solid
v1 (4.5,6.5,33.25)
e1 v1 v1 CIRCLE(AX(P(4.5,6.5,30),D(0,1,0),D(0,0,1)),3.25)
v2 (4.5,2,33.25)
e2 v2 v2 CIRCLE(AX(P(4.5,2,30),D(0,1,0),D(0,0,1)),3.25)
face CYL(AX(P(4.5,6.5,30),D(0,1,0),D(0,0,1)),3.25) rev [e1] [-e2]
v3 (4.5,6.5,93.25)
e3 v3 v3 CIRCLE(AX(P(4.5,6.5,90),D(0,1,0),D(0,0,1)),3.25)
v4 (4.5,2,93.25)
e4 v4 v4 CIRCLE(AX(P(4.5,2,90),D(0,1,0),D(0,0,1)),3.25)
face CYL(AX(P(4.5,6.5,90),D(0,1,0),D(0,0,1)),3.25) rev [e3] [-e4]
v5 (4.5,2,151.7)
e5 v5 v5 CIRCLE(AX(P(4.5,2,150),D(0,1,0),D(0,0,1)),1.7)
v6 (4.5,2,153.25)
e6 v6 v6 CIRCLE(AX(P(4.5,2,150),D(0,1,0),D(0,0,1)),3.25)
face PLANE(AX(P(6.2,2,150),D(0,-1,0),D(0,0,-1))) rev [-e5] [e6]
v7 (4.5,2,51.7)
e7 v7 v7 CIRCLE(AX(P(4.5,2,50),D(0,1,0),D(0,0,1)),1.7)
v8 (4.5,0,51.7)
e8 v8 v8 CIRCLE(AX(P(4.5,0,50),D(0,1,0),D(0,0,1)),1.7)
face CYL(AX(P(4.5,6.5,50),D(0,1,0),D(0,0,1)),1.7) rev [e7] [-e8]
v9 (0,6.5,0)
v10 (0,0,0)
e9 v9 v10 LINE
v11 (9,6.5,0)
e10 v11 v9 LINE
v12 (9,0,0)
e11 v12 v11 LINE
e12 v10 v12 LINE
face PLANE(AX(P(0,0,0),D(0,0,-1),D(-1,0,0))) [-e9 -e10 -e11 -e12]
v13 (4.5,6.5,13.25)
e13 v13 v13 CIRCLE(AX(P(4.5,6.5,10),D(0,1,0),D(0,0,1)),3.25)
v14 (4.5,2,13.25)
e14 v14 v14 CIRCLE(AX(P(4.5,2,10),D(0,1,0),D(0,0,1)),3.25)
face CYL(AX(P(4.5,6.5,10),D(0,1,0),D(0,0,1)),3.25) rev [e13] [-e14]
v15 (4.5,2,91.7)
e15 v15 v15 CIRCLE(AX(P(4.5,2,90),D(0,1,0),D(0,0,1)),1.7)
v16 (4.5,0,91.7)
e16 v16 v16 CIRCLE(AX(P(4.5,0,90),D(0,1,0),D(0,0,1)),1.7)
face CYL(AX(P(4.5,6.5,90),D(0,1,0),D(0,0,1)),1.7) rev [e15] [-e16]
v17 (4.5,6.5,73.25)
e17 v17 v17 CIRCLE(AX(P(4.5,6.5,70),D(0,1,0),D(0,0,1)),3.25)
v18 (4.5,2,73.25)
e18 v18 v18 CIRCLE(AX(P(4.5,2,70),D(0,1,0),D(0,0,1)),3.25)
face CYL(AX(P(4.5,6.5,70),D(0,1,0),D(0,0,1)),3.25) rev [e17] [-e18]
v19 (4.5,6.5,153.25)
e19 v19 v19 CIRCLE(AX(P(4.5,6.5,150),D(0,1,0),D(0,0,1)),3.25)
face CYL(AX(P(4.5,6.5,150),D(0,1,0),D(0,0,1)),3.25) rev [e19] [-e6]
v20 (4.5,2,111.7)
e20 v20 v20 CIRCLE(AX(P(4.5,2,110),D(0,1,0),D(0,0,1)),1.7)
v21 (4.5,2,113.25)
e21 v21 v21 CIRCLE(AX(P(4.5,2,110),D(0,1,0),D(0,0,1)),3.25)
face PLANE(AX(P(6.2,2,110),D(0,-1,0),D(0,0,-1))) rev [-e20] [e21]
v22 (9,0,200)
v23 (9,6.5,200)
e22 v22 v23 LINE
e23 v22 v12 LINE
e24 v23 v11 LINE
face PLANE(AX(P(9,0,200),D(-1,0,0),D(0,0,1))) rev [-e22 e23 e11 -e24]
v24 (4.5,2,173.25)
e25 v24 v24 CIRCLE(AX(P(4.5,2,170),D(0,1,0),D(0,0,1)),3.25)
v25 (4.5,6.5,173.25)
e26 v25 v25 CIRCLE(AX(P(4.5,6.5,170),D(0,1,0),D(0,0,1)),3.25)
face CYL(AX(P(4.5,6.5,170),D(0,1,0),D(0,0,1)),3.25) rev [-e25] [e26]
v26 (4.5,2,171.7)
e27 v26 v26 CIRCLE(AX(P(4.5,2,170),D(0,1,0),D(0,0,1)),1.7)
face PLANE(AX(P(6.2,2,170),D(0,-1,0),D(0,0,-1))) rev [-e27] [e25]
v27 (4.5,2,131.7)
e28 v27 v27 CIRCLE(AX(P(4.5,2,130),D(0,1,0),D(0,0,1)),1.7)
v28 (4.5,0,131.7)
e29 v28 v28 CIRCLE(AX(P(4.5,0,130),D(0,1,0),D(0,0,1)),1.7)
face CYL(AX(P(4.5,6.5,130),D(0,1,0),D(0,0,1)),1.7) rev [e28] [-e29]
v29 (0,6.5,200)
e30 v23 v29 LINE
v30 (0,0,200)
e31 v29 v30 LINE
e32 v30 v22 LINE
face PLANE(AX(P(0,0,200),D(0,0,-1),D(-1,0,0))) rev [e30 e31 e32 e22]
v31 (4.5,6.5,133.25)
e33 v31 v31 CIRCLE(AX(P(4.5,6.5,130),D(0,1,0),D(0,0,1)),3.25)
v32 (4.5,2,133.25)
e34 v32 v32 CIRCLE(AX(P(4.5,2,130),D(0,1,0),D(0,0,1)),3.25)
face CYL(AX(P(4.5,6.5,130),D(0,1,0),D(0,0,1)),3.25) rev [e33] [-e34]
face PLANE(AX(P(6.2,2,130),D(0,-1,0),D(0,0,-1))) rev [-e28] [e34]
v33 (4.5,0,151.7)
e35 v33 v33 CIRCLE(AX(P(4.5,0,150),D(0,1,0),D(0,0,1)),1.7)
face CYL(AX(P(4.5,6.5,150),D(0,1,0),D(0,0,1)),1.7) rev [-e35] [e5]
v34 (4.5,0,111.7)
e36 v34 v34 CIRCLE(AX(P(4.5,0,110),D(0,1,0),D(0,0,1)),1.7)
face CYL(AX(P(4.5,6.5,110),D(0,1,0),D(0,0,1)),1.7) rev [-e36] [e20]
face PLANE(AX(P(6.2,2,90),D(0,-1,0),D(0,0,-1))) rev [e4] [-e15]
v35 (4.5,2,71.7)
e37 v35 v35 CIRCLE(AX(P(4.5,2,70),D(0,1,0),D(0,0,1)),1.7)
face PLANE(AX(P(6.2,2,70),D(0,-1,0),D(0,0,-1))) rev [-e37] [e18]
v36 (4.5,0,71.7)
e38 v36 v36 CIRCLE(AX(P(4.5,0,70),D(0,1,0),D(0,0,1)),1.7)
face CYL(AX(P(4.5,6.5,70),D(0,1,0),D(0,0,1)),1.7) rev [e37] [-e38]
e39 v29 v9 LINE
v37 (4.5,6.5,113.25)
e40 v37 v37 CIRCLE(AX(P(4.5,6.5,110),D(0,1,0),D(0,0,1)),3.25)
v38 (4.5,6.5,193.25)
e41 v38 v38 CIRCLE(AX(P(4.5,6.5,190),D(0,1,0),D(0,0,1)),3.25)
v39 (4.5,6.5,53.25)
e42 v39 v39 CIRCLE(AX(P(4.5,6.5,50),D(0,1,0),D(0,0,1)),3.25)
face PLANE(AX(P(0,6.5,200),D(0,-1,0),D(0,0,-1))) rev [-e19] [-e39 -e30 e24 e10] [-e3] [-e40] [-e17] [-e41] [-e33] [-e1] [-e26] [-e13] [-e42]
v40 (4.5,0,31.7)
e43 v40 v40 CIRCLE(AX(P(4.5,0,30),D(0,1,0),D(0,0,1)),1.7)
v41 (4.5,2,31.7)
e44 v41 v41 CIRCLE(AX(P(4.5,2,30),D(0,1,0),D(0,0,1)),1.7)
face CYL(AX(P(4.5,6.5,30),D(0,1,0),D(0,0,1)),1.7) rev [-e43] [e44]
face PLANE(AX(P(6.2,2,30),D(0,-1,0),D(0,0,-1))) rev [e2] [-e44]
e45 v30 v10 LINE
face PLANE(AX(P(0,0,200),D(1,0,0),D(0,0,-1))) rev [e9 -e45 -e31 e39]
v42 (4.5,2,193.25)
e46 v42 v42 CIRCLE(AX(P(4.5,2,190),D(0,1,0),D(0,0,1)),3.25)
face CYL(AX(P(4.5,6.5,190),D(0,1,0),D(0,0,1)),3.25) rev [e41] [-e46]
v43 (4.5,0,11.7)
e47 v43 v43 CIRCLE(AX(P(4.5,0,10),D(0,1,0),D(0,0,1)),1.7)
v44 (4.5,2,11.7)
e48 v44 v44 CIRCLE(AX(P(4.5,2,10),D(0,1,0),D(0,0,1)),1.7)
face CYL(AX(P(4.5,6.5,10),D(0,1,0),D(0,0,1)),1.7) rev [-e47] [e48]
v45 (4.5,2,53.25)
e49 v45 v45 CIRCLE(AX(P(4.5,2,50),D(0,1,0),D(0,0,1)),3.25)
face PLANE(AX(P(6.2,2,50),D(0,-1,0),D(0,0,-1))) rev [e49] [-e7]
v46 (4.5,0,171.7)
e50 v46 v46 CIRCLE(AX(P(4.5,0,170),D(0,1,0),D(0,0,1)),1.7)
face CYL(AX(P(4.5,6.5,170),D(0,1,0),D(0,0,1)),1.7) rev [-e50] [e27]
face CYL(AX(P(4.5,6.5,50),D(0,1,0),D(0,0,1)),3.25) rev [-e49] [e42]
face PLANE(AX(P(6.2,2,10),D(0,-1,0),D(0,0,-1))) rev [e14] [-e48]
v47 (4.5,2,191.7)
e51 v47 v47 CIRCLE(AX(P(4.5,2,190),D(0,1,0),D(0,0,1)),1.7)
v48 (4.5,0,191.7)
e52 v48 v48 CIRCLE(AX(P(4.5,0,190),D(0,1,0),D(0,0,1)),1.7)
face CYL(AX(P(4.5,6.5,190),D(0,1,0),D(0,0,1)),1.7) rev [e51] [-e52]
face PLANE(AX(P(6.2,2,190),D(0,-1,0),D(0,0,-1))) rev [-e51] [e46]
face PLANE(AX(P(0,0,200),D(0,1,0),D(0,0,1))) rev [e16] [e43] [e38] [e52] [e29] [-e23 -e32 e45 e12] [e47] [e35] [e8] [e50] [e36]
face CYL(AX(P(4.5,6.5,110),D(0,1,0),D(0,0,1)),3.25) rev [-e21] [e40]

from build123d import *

# Parameters (mm, degrees)
SKETCH1_W                      = 9
SKETCH1_H                      = 6.5
BOSS_EXTRUDE1_DEPTH            = 200
CBORE_FOR_M3_SHCS1_D           = 3.4
CBORE_FOR_M3_SHCS1_CBORE_D     = 6.5
CBORE_FOR_M3_SHCS1_CBORE_DEPTH = 4.5


with BuildPart() as part:
    # Sketch1 → Boss-Extrude1 (new body)
    with BuildSketch(Plane.XY):
        with Locations((4.5, 3.25)):
            Rectangle(SKETCH1_W, SKETCH1_H)
    extrude(amount=BOSS_EXTRUDE1_DEPTH)

    # CBORE for M3 SHCS1 (through all)
    with Locations(Plane(origin=(0, 6.5, 0), x_dir=(1, 0, 0), z_dir=(0, 1, 0))):
        with Locations((4.5, -190), (4.5, -170), (4.5, -150), (4.5, -130), (4.5, -110), (4.5, -90), (4.5, -70), (4.5, -50), (4.5, -30), (4.5, -10)):
            CounterBoreHole(CBORE_FOR_M3_SHCS1_D / 2, CBORE_FOR_M3_SHCS1_CBORE_D / 2, CBORE_FOR_M3_SHCS1_CBORE_DEPTH)


solid = part.part
